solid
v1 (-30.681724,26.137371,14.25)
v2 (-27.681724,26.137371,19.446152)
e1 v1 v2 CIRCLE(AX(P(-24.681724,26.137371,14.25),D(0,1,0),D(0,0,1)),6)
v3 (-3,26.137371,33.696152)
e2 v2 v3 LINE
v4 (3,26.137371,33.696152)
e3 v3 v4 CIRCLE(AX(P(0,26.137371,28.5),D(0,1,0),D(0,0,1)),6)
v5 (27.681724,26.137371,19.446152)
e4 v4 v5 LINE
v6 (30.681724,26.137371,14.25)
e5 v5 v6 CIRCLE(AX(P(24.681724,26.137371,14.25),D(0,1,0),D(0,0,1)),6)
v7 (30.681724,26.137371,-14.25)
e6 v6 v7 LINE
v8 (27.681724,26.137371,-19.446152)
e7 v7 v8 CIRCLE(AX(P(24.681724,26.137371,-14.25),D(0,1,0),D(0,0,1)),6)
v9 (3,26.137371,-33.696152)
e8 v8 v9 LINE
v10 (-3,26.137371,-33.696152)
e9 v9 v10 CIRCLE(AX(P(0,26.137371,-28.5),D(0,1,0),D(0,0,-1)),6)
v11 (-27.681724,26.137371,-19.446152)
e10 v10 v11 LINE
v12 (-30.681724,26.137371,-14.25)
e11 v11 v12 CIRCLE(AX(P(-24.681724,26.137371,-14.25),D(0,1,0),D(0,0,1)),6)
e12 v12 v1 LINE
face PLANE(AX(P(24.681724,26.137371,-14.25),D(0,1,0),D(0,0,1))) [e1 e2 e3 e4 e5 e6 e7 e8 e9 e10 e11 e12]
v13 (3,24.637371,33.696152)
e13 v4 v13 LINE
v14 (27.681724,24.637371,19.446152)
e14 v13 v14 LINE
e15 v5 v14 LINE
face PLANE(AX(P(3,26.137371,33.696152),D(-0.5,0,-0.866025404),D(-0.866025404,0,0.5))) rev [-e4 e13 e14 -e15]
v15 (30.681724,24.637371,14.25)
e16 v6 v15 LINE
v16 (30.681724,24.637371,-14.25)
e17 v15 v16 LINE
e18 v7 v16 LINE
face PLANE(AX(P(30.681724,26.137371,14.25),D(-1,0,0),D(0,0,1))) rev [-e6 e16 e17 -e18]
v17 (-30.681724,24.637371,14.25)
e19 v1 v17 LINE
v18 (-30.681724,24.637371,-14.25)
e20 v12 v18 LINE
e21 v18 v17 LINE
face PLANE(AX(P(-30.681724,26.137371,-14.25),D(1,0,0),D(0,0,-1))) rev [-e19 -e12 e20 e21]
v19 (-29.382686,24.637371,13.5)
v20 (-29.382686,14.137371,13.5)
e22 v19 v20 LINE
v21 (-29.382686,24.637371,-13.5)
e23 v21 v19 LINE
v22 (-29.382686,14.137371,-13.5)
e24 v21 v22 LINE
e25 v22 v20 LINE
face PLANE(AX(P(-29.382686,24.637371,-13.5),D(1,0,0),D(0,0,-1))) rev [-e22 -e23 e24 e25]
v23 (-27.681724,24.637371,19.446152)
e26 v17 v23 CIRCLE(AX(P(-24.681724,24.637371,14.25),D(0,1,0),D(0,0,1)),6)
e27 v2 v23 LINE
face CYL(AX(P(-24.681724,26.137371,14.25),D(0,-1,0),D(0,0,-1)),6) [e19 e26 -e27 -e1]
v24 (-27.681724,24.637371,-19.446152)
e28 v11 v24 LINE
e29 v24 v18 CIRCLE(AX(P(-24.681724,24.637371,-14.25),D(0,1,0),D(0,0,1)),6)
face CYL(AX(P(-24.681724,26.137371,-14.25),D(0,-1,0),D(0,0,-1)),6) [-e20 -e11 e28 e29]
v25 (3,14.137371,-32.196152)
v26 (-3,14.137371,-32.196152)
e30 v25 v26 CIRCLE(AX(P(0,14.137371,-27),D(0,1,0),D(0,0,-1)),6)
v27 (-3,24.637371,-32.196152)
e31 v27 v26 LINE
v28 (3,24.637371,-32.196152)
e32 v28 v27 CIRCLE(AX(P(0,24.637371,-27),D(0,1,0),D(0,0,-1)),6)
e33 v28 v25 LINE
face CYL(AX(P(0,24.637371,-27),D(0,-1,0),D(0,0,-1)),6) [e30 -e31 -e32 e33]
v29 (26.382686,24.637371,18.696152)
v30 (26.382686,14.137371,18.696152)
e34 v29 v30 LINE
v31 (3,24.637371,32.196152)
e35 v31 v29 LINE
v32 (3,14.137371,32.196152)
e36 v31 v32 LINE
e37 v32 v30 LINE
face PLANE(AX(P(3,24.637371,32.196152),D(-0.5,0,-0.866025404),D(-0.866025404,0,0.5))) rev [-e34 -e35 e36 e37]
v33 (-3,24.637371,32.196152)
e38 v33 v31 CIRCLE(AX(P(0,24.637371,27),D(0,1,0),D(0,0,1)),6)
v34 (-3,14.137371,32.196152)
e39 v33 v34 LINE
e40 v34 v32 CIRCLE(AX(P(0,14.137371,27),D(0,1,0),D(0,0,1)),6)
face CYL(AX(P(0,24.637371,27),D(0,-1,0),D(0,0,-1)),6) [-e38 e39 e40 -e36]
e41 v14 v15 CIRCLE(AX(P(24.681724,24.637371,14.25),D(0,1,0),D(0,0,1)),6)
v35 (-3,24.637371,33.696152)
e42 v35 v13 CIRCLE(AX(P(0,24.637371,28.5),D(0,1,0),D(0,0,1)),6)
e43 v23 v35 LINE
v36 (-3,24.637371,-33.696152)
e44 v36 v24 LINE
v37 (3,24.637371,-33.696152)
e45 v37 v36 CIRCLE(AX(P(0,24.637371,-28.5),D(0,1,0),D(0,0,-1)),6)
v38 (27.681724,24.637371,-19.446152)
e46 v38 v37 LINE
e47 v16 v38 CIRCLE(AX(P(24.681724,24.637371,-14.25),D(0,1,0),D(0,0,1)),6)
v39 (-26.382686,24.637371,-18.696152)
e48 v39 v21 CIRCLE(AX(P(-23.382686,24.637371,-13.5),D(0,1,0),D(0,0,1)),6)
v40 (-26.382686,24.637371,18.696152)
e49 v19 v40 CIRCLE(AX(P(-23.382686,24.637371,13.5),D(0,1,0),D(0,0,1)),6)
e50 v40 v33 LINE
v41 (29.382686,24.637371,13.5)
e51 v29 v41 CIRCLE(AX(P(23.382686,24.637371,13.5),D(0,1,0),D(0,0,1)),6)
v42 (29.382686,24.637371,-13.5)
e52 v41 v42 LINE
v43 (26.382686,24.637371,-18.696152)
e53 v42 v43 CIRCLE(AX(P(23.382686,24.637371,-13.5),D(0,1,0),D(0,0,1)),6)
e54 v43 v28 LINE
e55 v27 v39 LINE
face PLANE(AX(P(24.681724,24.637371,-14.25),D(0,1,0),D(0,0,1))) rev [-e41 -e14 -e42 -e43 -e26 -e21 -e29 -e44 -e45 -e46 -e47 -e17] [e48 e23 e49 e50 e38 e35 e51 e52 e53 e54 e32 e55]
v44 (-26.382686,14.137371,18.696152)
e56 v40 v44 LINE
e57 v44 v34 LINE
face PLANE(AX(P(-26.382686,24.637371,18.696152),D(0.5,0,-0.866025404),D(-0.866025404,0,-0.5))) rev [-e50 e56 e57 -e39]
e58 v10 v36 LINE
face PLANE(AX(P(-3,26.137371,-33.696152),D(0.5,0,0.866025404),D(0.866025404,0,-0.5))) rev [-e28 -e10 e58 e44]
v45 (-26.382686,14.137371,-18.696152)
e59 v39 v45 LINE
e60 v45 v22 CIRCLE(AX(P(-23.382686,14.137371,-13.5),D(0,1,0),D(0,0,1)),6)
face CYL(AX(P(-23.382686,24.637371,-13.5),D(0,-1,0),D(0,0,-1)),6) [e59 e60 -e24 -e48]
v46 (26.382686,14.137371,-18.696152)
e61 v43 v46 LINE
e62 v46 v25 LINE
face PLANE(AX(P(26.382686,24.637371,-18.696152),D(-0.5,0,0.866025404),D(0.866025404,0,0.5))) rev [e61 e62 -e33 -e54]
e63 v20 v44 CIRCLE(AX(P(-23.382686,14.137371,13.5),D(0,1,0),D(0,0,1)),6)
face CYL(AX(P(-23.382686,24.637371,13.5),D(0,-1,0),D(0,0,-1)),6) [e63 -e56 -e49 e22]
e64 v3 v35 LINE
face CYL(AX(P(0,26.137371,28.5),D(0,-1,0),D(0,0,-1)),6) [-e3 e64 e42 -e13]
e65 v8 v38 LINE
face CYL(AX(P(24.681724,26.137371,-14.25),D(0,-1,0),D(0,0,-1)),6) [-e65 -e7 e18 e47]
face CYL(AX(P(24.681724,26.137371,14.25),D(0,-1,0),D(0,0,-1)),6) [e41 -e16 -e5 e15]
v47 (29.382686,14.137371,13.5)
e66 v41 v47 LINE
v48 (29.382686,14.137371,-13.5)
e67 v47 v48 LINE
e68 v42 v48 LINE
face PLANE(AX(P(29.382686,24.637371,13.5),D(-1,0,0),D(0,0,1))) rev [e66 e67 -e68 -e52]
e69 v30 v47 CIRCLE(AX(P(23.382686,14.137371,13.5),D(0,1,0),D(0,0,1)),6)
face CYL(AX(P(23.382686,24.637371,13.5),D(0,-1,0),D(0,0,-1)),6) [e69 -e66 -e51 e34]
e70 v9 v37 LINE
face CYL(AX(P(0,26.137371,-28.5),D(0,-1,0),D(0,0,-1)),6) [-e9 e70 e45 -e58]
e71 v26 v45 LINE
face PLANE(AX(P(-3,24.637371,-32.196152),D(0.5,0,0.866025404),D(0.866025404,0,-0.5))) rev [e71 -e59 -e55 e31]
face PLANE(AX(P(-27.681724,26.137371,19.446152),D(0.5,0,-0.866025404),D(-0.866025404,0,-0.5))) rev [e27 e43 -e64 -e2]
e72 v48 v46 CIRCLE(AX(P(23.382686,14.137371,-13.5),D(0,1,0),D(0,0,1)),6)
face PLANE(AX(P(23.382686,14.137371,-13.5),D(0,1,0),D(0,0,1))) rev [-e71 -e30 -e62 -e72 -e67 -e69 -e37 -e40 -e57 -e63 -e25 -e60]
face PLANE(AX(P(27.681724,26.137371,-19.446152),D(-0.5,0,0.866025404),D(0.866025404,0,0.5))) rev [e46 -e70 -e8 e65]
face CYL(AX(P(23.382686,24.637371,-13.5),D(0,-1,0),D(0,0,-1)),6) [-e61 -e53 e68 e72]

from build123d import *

# Parameters (mm, degrees)
BOSS_EXTRUDE2_DEPTH = 35
BOSS_EXTRUDE3_DEPTH = 5
SCALE1_SCALE        = 0.3


with BuildPart() as part:
    # Sketch2 → Boss-Extrude2 (new body)
    with BuildSketch(Plane(origin=(0, 0, 0), x_dir=(1, 0, 0), z_dir=(0, 1, 0))):
        with BuildLine():
            Line((-10, 107.320508076), (-87.942286341, 62.320508076))
            ThreePointArc((-87.942286341, 62.320508076), (-95.262794416, 55), (-97.942286341, 45))
            Line((-97.942286341, 45), (-97.942286341, -45))
            ThreePointArc((-97.942286341, -45), (-95.262794416, -55), (-87.942286341, -62.320508076))
            Line((-87.942286341, -62.320508076), (-10, -107.320508076))
            ThreePointArc((-10, -107.320508076), (0, -110), (10, -107.320508076))
            Line((10, -107.320508076), (87.942286341, -62.320508076))
            ThreePointArc((87.942286341, -62.320508076), (95.262794416, -55), (97.942286341, -45))
            Line((97.942286341, -45), (97.942286341, 45))
            ThreePointArc((97.942286341, 45), (95.262794416, 55), (87.942286341, 62.320508076))
            Line((87.942286341, 62.320508076), (10, 107.320508076))
            ThreePointArc((10, 107.320508076), (0, 110), (-10, 107.320508076))
        make_face()
    extrude(amount=BOSS_EXTRUDE2_DEPTH)

    # Sketch5 → Boss-Extrude3 (add)
    with BuildSketch(Plane(origin=(0, 35, 0), x_dir=(1, 0, 0), z_dir=(0, 1, 0))):
        with BuildLine():
            Line((-10, 112.320508076), (-92.27241336, 64.820508076))
            ThreePointArc((-92.27241336, 64.820508076), (-99.592921435, 57.5), (-102.27241336, 47.5))
            Line((-102.27241336, 47.5), (-102.27241336, -47.5))
            ThreePointArc((-102.27241336, -47.5), (-99.592921435, -57.5), (-92.27241336, -64.820508076))
            Line((-92.27241336, -64.820508076), (-10, -112.320508076))
            ThreePointArc((-10, -112.320508076), (0, -115), (10, -112.320508076))
            Line((10, -112.320508076), (92.27241336, -64.820508076))
            ThreePointArc((92.27241336, -64.820508076), (99.592921435, -57.5), (102.27241336, -47.5))
            Line((102.27241336, -47.5), (102.27241336, 47.5))
            ThreePointArc((102.27241336, 47.5), (99.592921435, 57.5), (92.27241336, 64.820508076))
            Line((92.27241336, 64.820508076), (10, 112.320508076))
            ThreePointArc((10, 112.320508076), (0, 115), (-10, 112.320508076))
        make_face()
    extrude(amount=BOSS_EXTRUDE3_DEPTH)


with BuildPart() as part_1:
    # Scale1: scaled about (0, 20.196243732, 0)
    add(part.part.scale(SCALE1_SCALE).moved(Location((0, 14.137370612, 0))))


solid = part_1.part
